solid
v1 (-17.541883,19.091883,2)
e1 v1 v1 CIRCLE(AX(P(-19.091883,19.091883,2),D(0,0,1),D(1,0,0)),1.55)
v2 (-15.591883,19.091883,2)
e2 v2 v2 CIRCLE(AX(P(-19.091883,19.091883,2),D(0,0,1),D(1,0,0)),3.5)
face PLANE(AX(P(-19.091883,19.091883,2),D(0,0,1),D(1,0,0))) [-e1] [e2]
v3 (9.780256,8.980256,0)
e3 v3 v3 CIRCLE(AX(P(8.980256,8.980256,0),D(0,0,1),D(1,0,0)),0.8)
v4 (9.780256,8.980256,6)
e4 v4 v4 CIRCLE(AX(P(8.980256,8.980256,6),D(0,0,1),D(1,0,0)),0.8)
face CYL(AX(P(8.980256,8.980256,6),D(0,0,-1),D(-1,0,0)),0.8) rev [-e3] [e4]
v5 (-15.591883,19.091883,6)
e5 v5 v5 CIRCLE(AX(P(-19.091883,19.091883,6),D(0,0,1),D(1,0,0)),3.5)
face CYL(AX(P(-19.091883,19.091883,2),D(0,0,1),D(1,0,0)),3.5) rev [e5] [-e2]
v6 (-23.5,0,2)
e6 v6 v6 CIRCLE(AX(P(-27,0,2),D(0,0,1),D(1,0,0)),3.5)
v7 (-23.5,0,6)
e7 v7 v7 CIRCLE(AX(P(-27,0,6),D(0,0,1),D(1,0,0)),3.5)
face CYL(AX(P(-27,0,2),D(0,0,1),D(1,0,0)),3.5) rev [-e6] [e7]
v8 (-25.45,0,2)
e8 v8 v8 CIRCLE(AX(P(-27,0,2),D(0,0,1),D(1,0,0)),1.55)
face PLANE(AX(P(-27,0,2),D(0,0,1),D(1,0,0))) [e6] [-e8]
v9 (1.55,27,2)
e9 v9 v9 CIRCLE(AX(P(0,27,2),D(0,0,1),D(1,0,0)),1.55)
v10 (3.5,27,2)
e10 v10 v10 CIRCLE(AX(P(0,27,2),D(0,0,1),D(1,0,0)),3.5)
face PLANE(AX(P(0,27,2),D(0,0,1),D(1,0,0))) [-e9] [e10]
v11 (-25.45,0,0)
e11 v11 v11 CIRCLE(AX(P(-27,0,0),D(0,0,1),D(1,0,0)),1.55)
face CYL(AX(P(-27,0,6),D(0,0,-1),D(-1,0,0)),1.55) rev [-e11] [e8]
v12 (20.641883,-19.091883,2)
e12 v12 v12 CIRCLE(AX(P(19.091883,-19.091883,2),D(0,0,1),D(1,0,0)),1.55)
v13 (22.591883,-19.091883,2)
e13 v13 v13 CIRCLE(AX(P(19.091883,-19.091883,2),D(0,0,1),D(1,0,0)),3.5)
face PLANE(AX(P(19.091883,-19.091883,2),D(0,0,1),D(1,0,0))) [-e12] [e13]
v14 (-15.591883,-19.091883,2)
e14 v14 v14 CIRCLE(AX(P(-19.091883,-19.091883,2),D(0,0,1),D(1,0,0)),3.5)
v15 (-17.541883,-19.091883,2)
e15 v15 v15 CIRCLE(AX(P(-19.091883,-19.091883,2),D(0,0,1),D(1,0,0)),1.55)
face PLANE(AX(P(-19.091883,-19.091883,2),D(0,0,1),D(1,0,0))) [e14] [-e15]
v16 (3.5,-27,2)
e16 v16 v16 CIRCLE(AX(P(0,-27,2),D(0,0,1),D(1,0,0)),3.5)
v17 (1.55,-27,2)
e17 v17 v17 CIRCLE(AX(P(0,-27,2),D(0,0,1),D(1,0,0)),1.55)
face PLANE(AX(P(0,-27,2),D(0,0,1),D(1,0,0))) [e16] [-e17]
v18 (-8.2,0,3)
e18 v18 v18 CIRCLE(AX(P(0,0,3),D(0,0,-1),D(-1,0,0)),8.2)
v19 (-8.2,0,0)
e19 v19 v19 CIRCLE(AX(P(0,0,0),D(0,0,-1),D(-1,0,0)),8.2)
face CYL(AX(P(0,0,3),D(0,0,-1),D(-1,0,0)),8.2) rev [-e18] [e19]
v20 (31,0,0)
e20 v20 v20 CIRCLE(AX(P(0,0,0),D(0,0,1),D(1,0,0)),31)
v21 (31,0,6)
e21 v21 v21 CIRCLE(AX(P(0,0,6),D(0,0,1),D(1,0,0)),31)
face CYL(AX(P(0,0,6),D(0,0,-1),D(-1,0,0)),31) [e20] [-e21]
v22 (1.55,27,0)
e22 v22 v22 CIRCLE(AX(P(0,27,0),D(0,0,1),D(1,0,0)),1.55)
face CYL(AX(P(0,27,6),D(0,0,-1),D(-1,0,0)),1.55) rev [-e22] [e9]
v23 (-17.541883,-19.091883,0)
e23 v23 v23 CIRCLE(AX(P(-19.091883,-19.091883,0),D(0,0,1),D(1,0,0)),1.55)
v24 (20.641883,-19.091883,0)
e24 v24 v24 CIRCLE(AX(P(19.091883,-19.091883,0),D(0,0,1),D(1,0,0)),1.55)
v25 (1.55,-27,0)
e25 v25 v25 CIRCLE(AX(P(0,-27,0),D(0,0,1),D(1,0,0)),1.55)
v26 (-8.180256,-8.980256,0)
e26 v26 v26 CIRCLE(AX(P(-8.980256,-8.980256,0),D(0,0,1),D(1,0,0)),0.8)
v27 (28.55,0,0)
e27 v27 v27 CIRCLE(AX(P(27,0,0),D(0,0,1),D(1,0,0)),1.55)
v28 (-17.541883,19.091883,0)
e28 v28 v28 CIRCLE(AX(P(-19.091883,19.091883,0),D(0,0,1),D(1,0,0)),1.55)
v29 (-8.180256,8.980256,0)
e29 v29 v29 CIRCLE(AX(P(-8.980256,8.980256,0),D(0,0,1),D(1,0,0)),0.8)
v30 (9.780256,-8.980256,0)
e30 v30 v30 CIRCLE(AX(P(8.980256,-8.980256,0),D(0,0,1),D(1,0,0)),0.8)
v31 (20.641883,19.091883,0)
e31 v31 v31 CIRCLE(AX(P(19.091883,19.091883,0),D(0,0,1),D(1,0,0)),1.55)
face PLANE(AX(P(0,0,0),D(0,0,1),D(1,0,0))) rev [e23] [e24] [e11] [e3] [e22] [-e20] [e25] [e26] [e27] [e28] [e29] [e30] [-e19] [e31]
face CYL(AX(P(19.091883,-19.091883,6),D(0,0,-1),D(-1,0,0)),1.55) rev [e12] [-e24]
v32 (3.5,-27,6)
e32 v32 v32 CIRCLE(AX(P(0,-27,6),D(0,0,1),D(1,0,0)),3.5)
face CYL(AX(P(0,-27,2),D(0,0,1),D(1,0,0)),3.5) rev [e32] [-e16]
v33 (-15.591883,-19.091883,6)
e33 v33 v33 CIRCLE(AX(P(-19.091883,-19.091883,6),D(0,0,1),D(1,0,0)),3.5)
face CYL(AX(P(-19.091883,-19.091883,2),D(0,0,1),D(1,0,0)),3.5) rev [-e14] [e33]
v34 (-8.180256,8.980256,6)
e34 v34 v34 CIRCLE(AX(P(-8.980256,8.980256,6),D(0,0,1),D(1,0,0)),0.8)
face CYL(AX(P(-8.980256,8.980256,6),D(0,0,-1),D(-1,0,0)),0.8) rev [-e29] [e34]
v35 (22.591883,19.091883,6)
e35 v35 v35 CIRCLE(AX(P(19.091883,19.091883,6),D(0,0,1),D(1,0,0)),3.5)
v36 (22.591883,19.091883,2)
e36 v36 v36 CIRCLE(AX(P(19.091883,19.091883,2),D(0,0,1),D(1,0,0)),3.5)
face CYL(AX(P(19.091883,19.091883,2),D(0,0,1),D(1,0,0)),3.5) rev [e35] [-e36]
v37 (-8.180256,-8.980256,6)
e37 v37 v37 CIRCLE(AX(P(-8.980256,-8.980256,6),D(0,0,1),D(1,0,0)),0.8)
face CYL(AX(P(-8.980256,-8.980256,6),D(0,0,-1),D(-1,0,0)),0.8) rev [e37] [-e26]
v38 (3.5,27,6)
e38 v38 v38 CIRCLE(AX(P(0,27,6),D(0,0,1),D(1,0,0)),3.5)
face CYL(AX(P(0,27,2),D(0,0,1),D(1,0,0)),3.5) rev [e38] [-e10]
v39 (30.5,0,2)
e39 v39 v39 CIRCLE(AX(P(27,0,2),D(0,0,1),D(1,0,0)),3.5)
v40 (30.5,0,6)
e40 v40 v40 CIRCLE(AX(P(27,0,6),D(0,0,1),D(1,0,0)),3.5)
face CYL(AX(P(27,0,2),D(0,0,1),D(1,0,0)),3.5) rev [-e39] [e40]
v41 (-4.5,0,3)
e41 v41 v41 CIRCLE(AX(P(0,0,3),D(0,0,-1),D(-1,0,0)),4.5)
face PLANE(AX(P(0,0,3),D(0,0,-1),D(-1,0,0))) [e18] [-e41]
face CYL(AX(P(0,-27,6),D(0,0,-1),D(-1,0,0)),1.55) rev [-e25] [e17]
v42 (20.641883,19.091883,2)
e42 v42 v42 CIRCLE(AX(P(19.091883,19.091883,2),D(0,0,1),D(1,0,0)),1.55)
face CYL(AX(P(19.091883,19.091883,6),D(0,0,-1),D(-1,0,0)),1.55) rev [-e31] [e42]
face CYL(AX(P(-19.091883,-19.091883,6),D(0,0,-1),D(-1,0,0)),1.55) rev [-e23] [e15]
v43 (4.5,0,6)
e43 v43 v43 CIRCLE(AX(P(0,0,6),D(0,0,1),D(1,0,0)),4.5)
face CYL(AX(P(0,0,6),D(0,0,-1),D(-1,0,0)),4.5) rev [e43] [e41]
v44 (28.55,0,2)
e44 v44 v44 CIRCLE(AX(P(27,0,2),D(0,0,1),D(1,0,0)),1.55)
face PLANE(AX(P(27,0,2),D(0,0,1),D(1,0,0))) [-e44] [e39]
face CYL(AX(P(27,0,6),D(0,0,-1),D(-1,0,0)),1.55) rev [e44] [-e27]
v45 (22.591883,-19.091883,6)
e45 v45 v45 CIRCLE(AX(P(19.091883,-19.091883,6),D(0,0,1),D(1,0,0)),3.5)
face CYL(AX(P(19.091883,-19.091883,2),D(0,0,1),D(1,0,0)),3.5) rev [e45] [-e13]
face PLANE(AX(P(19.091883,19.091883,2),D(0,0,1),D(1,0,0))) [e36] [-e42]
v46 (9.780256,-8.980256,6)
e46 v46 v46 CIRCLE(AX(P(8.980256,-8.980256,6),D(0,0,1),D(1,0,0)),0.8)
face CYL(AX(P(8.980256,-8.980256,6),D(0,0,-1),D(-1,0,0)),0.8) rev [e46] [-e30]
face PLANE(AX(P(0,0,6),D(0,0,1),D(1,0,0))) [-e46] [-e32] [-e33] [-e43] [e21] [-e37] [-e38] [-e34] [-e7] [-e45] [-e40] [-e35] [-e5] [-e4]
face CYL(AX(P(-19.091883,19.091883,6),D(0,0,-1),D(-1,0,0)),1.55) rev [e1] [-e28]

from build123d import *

# Parameters (mm, degrees)
SKETCH1_R           = 31
SKETCH1_R_2         = 4.5
SKETCH1_R_3         = 0.8
SKETCH1_R_4         = 1.55
BOSS_EXTRUDE2_DEPTH = 6
SKETCH5_R           = 8.2
CUT_EXTRUDE3_DEPTH  = 3
SKETCH6_R           = 3.5
CUT_EXTRUDE4_DEPTH  = 4


with BuildPart() as part:
    # Sketch1 → Boss-Extrude2 (new body)
    with BuildSketch(Plane.XY):
        Circle(SKETCH1_R)
        Circle(SKETCH1_R_2, mode=Mode.SUBTRACT)
        with Locations((8.980256121, 8.980256121)):
            Circle(SKETCH1_R_3, mode=Mode.SUBTRACT)
        with Locations((8.980256121, -8.980256121)):
            Circle(SKETCH1_R_3, mode=Mode.SUBTRACT)
        with Locations((-8.980256121, -8.980256121)):
            Circle(SKETCH1_R_3, mode=Mode.SUBTRACT)
        with Locations((-8.980256121, 8.980256121)):
            Circle(SKETCH1_R_3, mode=Mode.SUBTRACT)
        with Locations((-27, 0)):
            Circle(SKETCH1_R_4, mode=Mode.SUBTRACT)
        with Locations((-19.091883092, 19.091883092)):
            Circle(SKETCH1_R_4, mode=Mode.SUBTRACT)
        with Locations((0, 27)):
            Circle(SKETCH1_R_4, mode=Mode.SUBTRACT)
        with Locations((19.091883092, 19.091883092)):
            Circle(SKETCH1_R_4, mode=Mode.SUBTRACT)
        with Locations((27, 0)):
            Circle(SKETCH1_R_4, mode=Mode.SUBTRACT)
        with Locations((19.091883092, -19.091883092)):
            Circle(SKETCH1_R_4, mode=Mode.SUBTRACT)
        with Locations((0, -27)):
            Circle(SKETCH1_R_4, mode=Mode.SUBTRACT)
        with Locations((-19.091883092, -19.091883092)):
            Circle(SKETCH1_R_4, mode=Mode.SUBTRACT)
    extrude(amount=BOSS_EXTRUDE2_DEPTH)

    # Sketch5 → Cut-Extrude3 (cut)
    with BuildSketch(Plane(origin=(0, 0, 0), x_dir=(-1, 0, 0), z_dir=(0, 0, -1))):
        Circle(SKETCH5_R)
    extrude(amount=-CUT_EXTRUDE3_DEPTH, mode=Mode.SUBTRACT)

    # Sketch6 → Cut-Extrude4 (cut)
    with BuildSketch(Plane.XY.offset(6)):
        with Locations((0, 27)):
            Circle(SKETCH6_R)
        with Locations((19.091883092, 19.091883092)):
            Circle(SKETCH6_R)
        with Locations((27, 0)):
            Circle(SKETCH6_R)
        with Locations((19.091883092, -19.091883092)):
            Circle(SKETCH6_R)
        with Locations((0, -27)):
            Circle(SKETCH6_R)
        with Locations((-19.091883092, -19.091883092)):
            Circle(SKETCH6_R)
        with Locations((-27, 0)):
            Circle(SKETCH6_R)
        with Locations((-19.091883092, 19.091883092)):
            Circle(SKETCH6_R)
    extrude(amount=-CUT_EXTRUDE4_DEPTH, mode=Mode.SUBTRACT)


solid = part.part
